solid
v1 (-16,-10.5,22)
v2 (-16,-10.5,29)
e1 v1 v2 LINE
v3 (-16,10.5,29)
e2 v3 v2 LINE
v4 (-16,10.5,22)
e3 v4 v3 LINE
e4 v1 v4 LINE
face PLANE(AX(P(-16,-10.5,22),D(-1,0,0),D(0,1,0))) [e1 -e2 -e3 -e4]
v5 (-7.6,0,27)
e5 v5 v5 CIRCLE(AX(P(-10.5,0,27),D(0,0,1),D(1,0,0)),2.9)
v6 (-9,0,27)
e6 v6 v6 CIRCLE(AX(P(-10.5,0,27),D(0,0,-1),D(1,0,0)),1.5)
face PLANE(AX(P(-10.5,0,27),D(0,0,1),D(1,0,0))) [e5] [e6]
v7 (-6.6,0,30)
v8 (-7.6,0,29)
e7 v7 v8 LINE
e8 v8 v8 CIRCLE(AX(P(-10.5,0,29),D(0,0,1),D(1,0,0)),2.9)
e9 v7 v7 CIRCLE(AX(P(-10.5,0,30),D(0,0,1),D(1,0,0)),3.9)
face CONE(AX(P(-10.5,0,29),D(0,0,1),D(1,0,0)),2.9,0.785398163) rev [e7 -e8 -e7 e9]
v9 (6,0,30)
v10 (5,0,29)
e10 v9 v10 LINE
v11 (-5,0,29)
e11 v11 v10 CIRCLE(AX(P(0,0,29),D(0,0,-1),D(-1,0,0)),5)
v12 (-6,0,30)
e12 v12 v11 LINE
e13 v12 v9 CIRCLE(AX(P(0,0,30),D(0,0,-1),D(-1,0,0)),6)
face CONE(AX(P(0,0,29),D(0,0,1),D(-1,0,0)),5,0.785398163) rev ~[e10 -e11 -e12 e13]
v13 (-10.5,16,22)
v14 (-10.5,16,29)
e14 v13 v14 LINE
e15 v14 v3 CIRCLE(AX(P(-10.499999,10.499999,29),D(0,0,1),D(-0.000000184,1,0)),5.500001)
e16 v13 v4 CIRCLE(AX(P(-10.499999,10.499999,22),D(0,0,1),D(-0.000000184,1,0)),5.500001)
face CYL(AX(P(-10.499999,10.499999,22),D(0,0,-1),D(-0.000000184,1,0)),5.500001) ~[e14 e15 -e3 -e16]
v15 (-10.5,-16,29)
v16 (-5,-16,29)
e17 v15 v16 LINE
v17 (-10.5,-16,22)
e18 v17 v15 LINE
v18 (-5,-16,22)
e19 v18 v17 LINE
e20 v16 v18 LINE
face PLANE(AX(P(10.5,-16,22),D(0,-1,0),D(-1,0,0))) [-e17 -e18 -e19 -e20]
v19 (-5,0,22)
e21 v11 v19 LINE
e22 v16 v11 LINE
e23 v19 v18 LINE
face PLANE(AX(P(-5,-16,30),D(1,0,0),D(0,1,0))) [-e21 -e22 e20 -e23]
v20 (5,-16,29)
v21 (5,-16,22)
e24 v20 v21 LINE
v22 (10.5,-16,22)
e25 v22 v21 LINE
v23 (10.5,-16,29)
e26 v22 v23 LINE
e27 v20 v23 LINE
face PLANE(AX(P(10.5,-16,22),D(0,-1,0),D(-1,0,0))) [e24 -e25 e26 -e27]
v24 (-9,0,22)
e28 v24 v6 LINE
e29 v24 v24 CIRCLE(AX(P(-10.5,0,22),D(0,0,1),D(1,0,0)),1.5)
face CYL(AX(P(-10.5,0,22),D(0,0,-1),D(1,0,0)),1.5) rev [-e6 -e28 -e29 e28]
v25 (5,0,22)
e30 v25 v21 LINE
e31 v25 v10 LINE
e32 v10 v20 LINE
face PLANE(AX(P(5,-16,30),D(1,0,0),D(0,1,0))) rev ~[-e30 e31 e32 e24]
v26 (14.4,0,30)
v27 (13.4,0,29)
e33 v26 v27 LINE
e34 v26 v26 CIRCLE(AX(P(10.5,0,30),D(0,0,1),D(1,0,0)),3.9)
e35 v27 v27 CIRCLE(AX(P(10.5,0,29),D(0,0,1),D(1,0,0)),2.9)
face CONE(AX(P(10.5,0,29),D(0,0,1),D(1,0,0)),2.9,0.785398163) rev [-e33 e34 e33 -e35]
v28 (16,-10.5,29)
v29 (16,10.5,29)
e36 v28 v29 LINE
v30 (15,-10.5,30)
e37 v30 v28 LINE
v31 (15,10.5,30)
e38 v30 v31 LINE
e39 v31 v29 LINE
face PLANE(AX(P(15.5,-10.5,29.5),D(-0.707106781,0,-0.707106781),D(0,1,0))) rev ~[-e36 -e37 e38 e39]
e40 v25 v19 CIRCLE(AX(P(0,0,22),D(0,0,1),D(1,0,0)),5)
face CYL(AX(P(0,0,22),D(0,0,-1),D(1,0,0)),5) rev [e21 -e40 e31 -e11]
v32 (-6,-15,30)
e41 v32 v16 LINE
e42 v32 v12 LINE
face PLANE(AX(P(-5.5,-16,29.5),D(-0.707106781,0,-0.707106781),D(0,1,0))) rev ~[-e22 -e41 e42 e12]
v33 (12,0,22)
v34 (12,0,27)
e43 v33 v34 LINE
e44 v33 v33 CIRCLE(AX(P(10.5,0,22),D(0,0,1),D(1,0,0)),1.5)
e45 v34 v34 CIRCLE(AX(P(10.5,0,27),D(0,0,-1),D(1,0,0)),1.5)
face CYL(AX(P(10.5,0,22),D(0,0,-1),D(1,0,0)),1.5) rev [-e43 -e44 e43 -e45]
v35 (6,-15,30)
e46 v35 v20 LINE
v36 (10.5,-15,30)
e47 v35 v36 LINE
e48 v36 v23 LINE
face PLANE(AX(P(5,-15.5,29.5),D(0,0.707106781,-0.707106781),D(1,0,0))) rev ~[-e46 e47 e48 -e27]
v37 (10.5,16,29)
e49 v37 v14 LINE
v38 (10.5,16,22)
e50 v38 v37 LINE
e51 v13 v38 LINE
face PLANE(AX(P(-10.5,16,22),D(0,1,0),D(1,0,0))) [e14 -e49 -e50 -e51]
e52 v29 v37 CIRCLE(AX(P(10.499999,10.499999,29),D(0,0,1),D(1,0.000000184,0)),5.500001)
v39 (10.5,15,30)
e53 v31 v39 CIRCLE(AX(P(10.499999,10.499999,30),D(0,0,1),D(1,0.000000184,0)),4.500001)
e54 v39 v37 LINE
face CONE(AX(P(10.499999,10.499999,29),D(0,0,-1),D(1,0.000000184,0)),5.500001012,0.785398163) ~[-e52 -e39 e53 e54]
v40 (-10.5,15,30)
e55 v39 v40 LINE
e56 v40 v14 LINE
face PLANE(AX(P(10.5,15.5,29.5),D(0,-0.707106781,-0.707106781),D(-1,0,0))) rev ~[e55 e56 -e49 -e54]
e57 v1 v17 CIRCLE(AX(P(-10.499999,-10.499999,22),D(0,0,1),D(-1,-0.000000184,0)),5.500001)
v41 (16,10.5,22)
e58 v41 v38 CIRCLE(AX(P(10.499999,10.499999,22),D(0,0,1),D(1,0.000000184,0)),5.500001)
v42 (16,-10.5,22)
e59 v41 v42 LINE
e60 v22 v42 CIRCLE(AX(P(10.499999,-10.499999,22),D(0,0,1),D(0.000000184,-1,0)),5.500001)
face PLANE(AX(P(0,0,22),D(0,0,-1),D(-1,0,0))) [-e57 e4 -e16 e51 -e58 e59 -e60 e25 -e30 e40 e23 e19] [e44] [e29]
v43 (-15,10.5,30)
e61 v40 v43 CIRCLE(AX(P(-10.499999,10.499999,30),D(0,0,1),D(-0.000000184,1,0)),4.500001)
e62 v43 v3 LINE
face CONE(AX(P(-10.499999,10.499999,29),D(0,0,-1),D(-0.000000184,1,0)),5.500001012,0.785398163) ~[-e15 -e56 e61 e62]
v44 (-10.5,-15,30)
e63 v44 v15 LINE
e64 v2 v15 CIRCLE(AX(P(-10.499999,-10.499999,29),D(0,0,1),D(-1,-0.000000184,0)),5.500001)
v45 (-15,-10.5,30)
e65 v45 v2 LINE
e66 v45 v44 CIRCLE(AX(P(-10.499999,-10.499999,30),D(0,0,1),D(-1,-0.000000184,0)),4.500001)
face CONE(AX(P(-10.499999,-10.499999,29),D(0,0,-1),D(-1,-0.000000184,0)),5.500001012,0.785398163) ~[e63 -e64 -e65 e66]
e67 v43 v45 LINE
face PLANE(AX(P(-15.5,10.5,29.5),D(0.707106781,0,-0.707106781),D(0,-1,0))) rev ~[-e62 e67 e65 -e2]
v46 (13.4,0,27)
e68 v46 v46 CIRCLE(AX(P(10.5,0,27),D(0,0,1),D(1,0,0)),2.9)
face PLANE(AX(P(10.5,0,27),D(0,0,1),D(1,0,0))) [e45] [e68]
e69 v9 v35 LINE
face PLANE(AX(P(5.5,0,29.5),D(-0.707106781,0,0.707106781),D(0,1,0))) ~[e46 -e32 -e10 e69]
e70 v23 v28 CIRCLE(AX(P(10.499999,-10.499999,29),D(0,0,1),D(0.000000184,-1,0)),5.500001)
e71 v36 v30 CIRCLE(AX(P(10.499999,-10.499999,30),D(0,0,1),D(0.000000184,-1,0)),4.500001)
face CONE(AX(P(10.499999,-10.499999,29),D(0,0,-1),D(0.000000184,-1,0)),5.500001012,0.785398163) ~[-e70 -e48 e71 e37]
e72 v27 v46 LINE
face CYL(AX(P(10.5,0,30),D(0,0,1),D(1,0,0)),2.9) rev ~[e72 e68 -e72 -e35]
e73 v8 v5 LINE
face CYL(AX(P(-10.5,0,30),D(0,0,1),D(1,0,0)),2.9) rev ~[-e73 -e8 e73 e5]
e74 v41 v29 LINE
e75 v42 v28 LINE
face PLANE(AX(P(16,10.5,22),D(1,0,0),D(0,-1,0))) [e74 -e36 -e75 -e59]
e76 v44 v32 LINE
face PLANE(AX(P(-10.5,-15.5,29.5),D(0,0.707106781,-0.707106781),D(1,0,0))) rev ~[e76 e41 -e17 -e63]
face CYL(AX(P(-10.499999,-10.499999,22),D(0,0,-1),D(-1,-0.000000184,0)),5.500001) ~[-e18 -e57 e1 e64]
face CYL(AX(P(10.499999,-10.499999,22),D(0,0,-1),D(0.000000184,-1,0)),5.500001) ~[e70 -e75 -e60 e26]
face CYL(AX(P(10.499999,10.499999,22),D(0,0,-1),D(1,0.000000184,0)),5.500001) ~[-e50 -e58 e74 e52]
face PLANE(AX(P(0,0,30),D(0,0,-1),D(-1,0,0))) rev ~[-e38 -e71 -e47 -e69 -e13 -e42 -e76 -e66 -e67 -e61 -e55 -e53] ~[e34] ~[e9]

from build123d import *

# Parameters (mm, degrees)
SKETCH_R        = 5
SKETCH_R_2      = 1.5
PAD_DEPTH       = 8
SKETCH029_W     = 10
SKETCH029_H     = 16
POCKET_DEPTH    = 8.001
SKETCH030_R     = 2.9
POCKET016_DEPTH = 3
CHAMFER_SIZE    = 1


with BuildPart() as part:
    # Sketch → Pad (new body)
    with BuildSketch(Plane.XY):
        with BuildLine():
            Line((-10.5, 16), (10.5, 16))
            ThreePointArc((16, 10.5), (14.389087, 14.389087), (10.5, 16))
            Line((16, 10.5), (16, -10.5))
            ThreePointArc((10.5, -16), (14.389087, -14.389087), (16, -10.5))
            Line((10.5, -16), (-10.5, -16))
            ThreePointArc((-16, -10.5), (-14.389087, -14.389087), (-10.5, -16))
            Line((-16, -10.5), (-16, 10.5))
            ThreePointArc((-10.5, 16), (-14.389087, 14.389087), (-16, 10.5))
        make_face()
        Circle(SKETCH_R, mode=Mode.SUBTRACT)
        with Locations((-10.5, 0)):
            Circle(SKETCH_R_2, mode=Mode.SUBTRACT)
        with Locations((10.5, 0)):
            Circle(SKETCH_R_2, mode=Mode.SUBTRACT)
    extrude(amount=PAD_DEPTH)

    # Sketch029 (on Face13 of Pad) → Pocket (cut, through all)
    with BuildSketch(Plane.XY.offset(8)):
        with Locations((0, -8)):
            Rectangle(SKETCH029_W, SKETCH029_H)
    extrude(amount=-POCKET_DEPTH, mode=Mode.SUBTRACT)

    # Sketch030 (on Face5 of Pocket) → Pocket016 (cut)
    with BuildSketch(Plane.XY.offset(8)):
        with Locations((-10.5, 0)):
            Circle(SKETCH030_R)
        with Locations((10.5, 0)):
            Circle(SKETCH030_R)
    extrude(amount=-POCKET016_DEPTH, mode=Mode.SUBTRACT)

    # Chamfer
    chamfer_edges = [part.edges().sort_by_distance(p)[0] for p in [
        (-14.389087, -14.389087, 8),
        (-16, 0, 8),
        (-7.75, -16, 8),
        (-14.389087, 14.389087, 8),
        (-5, -8, 8),
        (0, 16, 8),
        (0, 5, 8),
        (14.389087, 14.389087, 8),
        (5, -8, 8),
        (16, 0, 8),
        (7.75, -16, 8),
        (14.389087, -14.389087, 8),
        (7.6, 0, 8),
        (-13.4, 0, 8),
    ]]
    chamfer(chamfer_edges, length=CHAMFER_SIZE)


with BuildPart() as part_1:
    # Body placement: moved
    add(part.part.moved(Location((0, 0, 22))))


solid = part_1.part
